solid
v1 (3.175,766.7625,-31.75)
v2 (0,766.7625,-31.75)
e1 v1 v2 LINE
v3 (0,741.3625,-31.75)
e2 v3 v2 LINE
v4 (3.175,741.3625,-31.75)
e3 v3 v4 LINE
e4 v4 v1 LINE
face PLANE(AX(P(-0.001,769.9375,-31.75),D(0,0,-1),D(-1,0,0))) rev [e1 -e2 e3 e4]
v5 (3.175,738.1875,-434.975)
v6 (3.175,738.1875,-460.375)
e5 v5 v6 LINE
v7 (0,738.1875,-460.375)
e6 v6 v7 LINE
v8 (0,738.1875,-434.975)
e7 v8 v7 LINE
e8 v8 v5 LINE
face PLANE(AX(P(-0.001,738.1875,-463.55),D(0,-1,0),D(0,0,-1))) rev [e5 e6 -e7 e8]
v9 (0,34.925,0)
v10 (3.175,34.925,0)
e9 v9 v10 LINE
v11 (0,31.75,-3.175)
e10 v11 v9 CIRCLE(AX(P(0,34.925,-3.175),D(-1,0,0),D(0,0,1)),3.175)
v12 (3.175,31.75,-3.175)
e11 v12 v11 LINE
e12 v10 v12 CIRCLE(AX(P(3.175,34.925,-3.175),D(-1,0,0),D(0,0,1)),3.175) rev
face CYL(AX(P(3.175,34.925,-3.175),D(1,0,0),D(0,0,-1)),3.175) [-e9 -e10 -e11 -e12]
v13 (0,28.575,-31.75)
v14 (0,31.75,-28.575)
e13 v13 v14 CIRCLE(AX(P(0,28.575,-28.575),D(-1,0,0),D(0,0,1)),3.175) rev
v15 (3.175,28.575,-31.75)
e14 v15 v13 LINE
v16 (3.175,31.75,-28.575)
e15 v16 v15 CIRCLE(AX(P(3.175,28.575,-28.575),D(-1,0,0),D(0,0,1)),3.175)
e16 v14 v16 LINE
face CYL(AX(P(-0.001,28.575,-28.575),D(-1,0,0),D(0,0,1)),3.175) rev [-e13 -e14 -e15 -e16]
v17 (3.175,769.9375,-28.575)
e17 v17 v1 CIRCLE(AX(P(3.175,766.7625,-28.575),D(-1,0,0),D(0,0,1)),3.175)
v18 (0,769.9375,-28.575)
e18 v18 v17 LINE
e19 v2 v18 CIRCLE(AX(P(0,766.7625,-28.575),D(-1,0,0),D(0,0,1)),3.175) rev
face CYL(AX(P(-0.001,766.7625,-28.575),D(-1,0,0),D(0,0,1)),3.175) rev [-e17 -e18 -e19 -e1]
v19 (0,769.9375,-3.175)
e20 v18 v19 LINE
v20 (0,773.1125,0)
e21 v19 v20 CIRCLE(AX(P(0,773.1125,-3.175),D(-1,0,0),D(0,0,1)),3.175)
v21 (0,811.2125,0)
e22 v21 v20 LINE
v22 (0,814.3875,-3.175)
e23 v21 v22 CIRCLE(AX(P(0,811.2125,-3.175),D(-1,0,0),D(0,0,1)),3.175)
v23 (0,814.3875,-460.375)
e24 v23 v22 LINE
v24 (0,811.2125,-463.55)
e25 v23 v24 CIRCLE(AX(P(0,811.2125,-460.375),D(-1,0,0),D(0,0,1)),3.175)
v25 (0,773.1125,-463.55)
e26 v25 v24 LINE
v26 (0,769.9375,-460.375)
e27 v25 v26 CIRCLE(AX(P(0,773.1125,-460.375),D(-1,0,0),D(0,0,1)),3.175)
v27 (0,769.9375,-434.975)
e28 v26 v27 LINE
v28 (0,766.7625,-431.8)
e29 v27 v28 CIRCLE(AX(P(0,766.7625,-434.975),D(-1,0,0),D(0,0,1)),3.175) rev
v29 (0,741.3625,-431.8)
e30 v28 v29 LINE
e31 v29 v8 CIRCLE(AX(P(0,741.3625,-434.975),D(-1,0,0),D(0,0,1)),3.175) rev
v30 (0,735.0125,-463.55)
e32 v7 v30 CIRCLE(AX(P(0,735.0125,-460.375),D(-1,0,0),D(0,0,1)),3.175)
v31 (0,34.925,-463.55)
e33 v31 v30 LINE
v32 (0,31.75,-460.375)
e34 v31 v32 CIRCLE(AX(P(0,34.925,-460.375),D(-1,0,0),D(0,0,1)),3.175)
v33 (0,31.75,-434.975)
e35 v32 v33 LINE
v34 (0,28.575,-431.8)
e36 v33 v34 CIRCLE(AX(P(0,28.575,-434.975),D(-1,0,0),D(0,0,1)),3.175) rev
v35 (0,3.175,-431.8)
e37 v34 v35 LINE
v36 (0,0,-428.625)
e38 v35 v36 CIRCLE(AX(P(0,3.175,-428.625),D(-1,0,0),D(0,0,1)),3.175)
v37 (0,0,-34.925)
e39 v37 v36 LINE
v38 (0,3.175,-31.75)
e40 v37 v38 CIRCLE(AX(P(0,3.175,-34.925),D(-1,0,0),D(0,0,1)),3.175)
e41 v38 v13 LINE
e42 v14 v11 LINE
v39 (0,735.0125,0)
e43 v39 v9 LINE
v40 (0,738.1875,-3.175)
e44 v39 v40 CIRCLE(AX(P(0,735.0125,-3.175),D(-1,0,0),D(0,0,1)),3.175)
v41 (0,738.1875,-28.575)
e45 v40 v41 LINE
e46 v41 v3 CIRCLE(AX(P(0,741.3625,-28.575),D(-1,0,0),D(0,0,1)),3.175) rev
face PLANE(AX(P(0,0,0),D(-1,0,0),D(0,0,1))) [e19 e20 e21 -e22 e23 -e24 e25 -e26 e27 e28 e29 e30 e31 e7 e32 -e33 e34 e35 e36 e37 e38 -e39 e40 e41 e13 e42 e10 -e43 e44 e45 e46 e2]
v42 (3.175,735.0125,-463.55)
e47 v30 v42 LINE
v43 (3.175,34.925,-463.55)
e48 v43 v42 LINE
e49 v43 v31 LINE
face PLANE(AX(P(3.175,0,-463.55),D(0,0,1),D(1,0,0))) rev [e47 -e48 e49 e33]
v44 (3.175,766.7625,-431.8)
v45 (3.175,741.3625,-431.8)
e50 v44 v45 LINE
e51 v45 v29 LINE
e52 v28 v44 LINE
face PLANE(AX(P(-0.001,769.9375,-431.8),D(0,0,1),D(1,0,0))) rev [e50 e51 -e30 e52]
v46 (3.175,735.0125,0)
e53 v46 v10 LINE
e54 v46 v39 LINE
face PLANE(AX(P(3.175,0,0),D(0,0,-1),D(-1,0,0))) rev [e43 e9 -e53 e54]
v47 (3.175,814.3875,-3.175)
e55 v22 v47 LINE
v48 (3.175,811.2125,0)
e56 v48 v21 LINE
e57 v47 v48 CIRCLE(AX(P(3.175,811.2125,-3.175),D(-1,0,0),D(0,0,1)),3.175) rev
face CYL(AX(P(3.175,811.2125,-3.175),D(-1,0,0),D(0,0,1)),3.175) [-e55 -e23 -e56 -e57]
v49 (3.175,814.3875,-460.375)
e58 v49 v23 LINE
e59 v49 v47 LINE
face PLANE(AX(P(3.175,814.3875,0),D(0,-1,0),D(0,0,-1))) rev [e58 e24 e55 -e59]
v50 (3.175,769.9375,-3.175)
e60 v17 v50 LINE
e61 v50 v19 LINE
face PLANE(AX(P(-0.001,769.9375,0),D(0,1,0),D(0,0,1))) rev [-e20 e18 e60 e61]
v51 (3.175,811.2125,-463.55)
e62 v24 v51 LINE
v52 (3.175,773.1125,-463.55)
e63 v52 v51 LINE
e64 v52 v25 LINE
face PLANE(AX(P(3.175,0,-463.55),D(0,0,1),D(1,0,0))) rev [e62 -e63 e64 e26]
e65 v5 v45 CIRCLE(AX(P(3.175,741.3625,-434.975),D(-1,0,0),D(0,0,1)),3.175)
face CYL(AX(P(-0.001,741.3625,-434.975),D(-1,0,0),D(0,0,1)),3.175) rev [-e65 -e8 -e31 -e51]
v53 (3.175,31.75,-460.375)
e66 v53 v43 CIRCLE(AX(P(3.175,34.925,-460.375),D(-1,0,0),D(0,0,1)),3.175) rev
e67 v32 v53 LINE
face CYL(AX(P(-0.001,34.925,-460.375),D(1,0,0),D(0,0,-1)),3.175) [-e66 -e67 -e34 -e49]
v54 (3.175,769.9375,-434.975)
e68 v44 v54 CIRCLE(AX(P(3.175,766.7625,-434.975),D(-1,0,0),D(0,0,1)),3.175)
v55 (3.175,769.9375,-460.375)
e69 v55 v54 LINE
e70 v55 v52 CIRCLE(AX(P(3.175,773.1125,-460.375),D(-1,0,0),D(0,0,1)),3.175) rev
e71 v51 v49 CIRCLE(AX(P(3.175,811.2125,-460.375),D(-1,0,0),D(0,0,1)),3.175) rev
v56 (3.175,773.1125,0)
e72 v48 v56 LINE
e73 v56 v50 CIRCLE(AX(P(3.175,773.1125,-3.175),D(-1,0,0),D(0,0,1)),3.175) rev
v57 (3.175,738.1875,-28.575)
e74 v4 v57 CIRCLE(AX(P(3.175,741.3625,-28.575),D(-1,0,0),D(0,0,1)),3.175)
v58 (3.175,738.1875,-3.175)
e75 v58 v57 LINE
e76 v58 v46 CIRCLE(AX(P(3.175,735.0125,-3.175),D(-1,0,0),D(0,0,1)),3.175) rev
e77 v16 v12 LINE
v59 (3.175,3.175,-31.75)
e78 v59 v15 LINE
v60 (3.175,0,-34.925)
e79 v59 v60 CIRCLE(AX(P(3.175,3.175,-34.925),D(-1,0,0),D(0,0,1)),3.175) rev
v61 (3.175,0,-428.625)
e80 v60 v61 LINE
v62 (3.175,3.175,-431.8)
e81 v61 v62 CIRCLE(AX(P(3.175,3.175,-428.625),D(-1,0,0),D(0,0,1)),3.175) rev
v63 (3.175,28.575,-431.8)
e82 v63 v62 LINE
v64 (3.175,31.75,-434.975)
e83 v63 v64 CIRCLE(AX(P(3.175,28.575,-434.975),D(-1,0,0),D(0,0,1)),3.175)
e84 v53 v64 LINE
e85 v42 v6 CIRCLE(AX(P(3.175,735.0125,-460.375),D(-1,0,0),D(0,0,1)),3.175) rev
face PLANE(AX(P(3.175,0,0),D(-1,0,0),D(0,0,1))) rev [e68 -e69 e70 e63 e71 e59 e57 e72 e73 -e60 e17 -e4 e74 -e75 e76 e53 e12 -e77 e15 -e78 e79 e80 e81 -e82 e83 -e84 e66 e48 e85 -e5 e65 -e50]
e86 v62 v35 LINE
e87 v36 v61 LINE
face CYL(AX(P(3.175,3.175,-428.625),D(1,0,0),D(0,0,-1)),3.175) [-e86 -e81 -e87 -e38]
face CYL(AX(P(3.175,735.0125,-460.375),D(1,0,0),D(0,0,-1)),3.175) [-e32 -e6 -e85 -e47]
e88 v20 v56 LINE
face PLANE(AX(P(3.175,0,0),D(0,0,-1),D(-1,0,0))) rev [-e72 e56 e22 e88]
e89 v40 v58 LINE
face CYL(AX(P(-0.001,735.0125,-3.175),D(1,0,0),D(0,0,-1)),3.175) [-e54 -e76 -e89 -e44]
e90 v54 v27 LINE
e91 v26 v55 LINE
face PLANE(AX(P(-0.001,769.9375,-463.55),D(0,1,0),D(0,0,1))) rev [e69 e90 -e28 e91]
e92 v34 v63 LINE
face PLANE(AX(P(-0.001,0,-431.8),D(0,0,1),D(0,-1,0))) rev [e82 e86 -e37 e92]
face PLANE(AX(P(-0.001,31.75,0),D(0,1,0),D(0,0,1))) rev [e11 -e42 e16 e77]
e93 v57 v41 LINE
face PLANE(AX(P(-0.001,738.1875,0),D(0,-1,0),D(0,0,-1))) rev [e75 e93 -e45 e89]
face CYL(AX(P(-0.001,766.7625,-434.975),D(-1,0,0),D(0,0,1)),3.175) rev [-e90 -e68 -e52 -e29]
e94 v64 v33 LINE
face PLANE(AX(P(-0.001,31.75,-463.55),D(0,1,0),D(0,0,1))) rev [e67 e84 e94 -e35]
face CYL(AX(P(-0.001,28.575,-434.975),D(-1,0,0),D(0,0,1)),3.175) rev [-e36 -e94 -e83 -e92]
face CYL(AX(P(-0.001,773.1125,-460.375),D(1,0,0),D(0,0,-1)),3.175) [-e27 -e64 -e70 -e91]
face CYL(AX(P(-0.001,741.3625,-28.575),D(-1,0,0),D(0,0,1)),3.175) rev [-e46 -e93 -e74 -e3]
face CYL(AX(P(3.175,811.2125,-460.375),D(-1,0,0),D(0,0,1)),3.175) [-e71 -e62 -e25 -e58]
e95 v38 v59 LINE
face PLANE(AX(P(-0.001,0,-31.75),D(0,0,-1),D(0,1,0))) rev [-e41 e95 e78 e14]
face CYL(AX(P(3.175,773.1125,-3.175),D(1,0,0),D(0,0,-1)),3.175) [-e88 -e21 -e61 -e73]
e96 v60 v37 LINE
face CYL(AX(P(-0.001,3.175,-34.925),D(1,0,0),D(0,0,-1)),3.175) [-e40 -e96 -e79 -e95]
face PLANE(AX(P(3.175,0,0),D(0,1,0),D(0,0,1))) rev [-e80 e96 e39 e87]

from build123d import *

# Parameters (mm, degrees)
SKETCH1_W           = 463.55
SKETCH1_H           = 814.3875
BOSS_EXTRUDE1_DEPTH = 3.175
FILLET1_R           = 3.175
CUT_EXTRUDE2_REACH  = 939.078
SKETCH3_W           = 31.75
SKETCH3_H           = 31.75
FILLET2_R           = 3.175
FILLET3_R           = 3.175
FILLET4_R           = 3.175


with BuildPart() as part:
    # Sketch1 → Boss-Extrude1 (new body)
    with BuildSketch(Plane(origin=(0, 0, 0), x_dir=(0, 0, -1), z_dir=(1, 0, 0))):
        with Locations((231.775, 407.19375)):
            Rectangle(SKETCH1_W, SKETCH1_H)
    extrude(amount=BOSS_EXTRUDE1_DEPTH)

    # Fillet1
    fillet1_edges = [part.edges().sort_by_distance(p)[0] for p in [
        (1.5875, 814.3875, 0),
        (1.5875, 814.3875, -463.55),
        (1.5875, 0, -463.55),
        (1.5875, 0, 0),
    ]]
    fillet(fillet1_edges, radius=FILLET1_R)

    # Sketch3 → Cut-Extrude2 (cut, up to next)
    with BuildSketch(Plane(origin=(3.175, 0, 0), x_dir=(0, 0, -1), z_dir=(1, 0, 0)), mode=Mode.PRIVATE) as cut_extrude2_sk1:
        with Locations((15.875, 754.0625)):
            Rectangle(SKETCH3_W, SKETCH3_H)
    cut_extrude2_tool1 = extrude(cut_extrude2_sk1.sketch, amount=-CUT_EXTRUDE2_REACH, mode=Mode.PRIVATE) & part.part
    # Sketch3 → Cut-Extrude2 (cut, up to next)
    with BuildSketch(Plane(origin=(3.175, 0, 0), x_dir=(0, 0, -1), z_dir=(1, 0, 0)), mode=Mode.PRIVATE) as cut_extrude2_sk2:
        with Locations((447.675, 754.0625)):
            Rectangle(SKETCH3_W, SKETCH3_H)
    cut_extrude2_tool2 = extrude(cut_extrude2_sk2.sketch, amount=-CUT_EXTRUDE2_REACH, mode=Mode.PRIVATE) & part.part
    # Sketch3 → Cut-Extrude2 (cut, up to next)
    with BuildSketch(Plane(origin=(3.175, 0, 0), x_dir=(0, 0, -1), z_dir=(1, 0, 0)), mode=Mode.PRIVATE) as cut_extrude2_sk3:
        with Locations((447.675, 15.875)):
            Rectangle(SKETCH3_W, SKETCH3_H)
    cut_extrude2_tool3 = extrude(cut_extrude2_sk3.sketch, amount=-CUT_EXTRUDE2_REACH, mode=Mode.PRIVATE) & part.part
    # Sketch3 → Cut-Extrude2 (cut, up to next)
    with BuildSketch(Plane(origin=(3.175, 0, 0), x_dir=(0, 0, -1), z_dir=(1, 0, 0)), mode=Mode.PRIVATE) as cut_extrude2_sk4:
        with Locations((15.875, 15.875)):
            Rectangle(SKETCH3_W, SKETCH3_H)
    cut_extrude2_tool4 = extrude(cut_extrude2_sk4.sketch, amount=-CUT_EXTRUDE2_REACH, mode=Mode.PRIVATE) & part.part
    add(cut_extrude2_tool1.solids().sort_by_distance((3.175, 754.0625, -15.875))[0], mode=Mode.SUBTRACT)
    add(cut_extrude2_tool2.solids().sort_by_distance((3.175, 754.0625, -447.675))[0], mode=Mode.SUBTRACT)
    add(cut_extrude2_tool3.solids().sort_by_distance((3.175, 15.875, -447.675))[0], mode=Mode.SUBTRACT)
    add(cut_extrude2_tool4.solids().sort_by_distance((3.175, 15.875, -15.875))[0], mode=Mode.SUBTRACT)

    # Fillet2
    fillet2_edges = [part.edges().sort_by_distance(p)[0] for p in [
        (1.5875, 738.1875, 0),
        (1.5875, 769.9375, 0),
        (1.5875, 769.9375, -31.75),
        (1.5875, 738.1875, -31.75),
    ]]
    fillet(fillet2_edges, radius=FILLET2_R)

    # Fillet3
    fillet3_edges = [part.edges().sort_by_distance(p)[0] for p in [
        (1.5875, 769.9375, -431.8),
        (1.5875, 769.9375, -463.55),
        (1.5875, 738.1875, -463.55),
        (1.5875, 738.1875, -431.8),
    ]]
    fillet(fillet3_edges, radius=FILLET3_R)

    # Fillet4
    fillet4_edges = [part.edges().sort_by_distance(p)[0] for p in [
        (1.5875, 31.75, 0),
        (1.5875, 31.75, -31.75),
        (1.5875, 0, -31.75),
        (1.5875, 0, -431.8),
        (1.5875, 31.75, -431.8),
        (1.5875, 31.75, -463.55),
    ]]
    fillet(fillet4_edges, radius=FILLET4_R)


solid = part.part
